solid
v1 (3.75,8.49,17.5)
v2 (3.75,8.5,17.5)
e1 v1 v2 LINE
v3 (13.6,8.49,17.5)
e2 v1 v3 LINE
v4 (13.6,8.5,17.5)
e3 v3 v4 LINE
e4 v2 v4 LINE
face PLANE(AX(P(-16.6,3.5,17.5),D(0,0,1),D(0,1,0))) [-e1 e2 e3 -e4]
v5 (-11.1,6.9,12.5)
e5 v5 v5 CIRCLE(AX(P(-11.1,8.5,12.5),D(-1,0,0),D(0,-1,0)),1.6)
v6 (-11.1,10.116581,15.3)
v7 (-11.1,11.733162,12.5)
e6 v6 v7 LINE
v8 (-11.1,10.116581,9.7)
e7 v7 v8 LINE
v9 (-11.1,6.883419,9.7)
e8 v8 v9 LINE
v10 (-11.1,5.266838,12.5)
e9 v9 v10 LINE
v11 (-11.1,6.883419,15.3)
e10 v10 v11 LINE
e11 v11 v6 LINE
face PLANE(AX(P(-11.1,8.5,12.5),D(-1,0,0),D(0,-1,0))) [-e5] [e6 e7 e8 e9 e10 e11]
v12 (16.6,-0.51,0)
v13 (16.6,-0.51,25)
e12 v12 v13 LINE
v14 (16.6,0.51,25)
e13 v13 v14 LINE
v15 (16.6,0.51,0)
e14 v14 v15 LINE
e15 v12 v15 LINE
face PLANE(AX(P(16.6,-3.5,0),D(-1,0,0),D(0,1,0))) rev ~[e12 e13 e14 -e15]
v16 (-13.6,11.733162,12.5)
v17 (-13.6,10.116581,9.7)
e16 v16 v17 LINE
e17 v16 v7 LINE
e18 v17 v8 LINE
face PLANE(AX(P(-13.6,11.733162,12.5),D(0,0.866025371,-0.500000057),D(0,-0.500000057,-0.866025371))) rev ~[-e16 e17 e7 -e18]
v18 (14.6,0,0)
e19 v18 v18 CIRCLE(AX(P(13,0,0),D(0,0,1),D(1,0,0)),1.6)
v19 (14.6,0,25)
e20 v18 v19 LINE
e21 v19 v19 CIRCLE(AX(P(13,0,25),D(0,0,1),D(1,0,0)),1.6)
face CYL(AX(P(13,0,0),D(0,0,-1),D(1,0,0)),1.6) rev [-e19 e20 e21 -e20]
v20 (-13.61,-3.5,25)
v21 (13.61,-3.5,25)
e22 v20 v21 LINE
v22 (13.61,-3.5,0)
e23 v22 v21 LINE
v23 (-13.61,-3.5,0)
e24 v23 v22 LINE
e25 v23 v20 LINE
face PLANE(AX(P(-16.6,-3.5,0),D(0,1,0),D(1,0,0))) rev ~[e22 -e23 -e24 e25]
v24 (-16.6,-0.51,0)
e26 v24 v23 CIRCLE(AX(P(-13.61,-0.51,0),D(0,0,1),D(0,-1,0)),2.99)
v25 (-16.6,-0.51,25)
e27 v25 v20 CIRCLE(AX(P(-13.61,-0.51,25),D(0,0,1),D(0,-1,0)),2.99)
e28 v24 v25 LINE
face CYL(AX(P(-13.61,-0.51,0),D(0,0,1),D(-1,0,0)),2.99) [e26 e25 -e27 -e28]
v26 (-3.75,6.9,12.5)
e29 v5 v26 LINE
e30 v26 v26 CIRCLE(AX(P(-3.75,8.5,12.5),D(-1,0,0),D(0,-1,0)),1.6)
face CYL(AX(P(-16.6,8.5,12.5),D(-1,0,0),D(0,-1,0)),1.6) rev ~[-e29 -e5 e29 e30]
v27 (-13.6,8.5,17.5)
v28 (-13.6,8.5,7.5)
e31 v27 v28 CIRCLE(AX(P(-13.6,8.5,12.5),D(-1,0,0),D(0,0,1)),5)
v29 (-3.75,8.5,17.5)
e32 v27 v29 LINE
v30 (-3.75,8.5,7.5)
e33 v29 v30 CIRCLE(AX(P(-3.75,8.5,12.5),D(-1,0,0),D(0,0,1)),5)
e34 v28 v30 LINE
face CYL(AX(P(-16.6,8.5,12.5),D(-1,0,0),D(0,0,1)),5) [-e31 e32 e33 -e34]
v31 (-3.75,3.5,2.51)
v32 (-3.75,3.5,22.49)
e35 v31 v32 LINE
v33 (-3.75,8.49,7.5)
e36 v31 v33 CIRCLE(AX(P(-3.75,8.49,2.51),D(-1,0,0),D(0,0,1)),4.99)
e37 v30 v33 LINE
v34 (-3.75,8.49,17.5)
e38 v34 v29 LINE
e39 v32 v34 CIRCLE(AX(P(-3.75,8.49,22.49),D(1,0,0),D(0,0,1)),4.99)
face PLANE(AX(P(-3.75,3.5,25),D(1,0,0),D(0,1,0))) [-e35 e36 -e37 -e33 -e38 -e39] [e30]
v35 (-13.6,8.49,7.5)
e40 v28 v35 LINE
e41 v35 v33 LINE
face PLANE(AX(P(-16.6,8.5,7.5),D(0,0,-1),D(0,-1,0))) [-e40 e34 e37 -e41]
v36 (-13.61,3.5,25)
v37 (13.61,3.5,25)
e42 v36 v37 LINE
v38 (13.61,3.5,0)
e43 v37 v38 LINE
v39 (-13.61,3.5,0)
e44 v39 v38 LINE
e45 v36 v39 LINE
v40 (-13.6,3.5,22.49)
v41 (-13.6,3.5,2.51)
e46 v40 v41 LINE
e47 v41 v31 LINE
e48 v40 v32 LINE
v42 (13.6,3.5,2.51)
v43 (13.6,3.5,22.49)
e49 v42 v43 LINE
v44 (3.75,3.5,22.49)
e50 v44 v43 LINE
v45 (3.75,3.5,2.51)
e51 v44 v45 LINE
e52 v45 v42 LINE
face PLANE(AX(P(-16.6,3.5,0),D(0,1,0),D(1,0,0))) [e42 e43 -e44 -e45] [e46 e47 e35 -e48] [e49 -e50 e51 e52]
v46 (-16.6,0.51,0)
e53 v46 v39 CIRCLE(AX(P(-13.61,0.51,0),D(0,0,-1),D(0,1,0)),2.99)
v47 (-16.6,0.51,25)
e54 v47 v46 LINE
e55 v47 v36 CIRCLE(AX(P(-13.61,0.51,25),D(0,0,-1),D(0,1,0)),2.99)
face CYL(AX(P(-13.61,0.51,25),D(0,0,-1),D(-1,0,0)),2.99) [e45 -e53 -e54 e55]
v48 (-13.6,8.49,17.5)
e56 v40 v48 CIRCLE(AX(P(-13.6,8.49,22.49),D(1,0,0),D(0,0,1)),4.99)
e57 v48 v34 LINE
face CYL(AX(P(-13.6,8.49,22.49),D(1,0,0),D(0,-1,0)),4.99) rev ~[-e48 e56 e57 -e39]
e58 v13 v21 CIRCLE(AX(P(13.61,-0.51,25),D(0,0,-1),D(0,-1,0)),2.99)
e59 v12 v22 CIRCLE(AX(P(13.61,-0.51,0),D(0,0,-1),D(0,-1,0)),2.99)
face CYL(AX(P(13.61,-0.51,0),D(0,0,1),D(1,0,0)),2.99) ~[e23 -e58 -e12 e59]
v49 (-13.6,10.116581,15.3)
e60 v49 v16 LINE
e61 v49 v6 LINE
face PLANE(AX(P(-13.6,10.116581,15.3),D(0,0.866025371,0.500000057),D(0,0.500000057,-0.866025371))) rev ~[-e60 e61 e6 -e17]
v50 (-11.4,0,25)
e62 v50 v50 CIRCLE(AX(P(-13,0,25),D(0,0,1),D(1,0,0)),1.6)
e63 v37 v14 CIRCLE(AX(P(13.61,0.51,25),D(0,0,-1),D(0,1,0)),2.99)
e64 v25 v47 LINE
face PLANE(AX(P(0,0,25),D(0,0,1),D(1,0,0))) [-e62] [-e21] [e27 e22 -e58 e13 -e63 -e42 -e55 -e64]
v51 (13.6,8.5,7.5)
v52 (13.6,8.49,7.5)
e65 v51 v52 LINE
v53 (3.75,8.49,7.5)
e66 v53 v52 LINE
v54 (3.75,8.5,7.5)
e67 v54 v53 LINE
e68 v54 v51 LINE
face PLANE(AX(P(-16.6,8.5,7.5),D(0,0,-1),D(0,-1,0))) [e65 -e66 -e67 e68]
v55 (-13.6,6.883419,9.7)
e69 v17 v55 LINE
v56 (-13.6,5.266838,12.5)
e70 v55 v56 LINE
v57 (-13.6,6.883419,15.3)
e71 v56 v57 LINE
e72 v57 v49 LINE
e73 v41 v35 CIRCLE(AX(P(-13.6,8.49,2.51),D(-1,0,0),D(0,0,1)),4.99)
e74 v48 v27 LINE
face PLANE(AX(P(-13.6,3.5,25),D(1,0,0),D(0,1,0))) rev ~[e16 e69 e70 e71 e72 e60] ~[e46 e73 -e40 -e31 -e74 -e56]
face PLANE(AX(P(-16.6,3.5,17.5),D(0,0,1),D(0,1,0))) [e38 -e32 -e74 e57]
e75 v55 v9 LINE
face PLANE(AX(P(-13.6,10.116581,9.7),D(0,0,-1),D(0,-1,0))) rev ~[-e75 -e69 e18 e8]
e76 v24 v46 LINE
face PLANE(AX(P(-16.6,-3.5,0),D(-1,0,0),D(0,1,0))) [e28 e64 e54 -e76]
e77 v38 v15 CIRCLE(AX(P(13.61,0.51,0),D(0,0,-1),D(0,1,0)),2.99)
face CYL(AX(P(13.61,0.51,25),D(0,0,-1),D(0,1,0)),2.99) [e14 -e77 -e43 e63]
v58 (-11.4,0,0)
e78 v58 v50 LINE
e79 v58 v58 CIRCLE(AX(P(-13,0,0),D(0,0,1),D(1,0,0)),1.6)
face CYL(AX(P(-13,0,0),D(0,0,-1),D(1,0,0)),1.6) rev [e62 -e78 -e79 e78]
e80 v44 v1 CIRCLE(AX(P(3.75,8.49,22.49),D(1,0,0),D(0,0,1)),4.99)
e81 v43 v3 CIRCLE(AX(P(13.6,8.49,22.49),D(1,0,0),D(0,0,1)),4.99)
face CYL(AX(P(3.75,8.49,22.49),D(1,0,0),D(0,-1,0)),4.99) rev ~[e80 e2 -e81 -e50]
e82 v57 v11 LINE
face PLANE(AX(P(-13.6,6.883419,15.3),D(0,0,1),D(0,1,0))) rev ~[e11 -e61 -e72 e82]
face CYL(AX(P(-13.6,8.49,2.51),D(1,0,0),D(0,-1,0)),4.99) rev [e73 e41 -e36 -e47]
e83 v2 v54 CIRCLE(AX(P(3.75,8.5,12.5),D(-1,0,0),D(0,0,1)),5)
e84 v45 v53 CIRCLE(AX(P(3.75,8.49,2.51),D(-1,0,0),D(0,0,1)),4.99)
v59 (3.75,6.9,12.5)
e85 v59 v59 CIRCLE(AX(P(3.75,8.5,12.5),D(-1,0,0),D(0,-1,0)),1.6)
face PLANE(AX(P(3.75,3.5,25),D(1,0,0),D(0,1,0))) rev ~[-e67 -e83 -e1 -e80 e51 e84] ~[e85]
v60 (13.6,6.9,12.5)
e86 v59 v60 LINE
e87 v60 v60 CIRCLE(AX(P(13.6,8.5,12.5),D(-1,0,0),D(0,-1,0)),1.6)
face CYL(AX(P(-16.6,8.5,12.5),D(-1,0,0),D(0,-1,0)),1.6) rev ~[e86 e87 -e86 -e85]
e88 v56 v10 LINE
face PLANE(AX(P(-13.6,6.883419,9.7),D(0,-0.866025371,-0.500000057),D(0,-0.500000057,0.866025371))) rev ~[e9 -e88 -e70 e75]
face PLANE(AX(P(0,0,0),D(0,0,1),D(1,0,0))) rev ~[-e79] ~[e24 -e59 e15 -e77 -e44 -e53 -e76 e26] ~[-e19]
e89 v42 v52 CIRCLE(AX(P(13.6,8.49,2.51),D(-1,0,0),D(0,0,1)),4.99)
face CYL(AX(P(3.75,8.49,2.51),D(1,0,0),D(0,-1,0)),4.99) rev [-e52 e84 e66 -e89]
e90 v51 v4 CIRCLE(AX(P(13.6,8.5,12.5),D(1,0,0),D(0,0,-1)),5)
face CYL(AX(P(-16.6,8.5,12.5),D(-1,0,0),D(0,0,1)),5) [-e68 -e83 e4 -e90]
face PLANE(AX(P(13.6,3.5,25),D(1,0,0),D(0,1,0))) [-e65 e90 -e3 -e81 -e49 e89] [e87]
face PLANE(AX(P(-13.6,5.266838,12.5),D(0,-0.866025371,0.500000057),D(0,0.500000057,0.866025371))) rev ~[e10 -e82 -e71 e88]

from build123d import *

# Parameters (mm, degrees)
SKETCH_W        = 33.2
SKETCH_H        = 7
SKETCH_R        = 1.6
PAD_DEPTH       = 25
SKETCH001_R     = 1.6
PAD001_DEPTH    = 33.2
SKETCH002_W     = 7.5
SKETCH002_H     = 10
SKETCH002_W_2   = 3
POCKET_DEPTH    = 25.001
FILLET_R        = 2.99
FILLET001_R     = 4.99
POCKET001_DEPTH = 2.5


with BuildPart() as part:
    # Sketch → Pad (new body)
    with BuildSketch(Plane.XY):
        Rectangle(SKETCH_W, SKETCH_H)
        with Locations((-13, 0)):
            Circle(SKETCH_R, mode=Mode.SUBTRACT)
        with Locations((13, 0)):
            Circle(SKETCH_R, mode=Mode.SUBTRACT)
    extrude(amount=PAD_DEPTH)

    # Sketch001 (on Face4 of Pad) → Pad001 (join)
    with BuildSketch(Plane(origin=(-16.6, 0, 0), x_dir=(0, -1, 0), z_dir=(-1, 0, 0))):
        with BuildLine():
            Line((-3.5, 17.5), (-3.5, 7.5))
            Line((-8.5, 7.5), (-3.5, 7.5))
            ThreePointArc((-8.5, 17.5), (-13.5, 12.5), (-8.5, 7.5))
            Line((-3.5, 17.5), (-8.5, 17.5))
        make_face()
        with Locations((-8.5, 12.5)):
            Circle(SKETCH001_R, mode=Mode.SUBTRACT)
    extrude(amount=-PAD001_DEPTH)

    # Sketch002 (on Face11 of Pad001) → Pocket (cut, through all)
    with BuildSketch(Plane.XY.offset(25)):
        with Locations((0, 8.5)):
            Rectangle(SKETCH002_W, SKETCH002_H)
        with Locations((-15.1, 8.5)):
            Rectangle(SKETCH002_W_2, SKETCH002_H)
        with Locations((15.1, 8.5)):
            Rectangle(SKETCH002_W_2, SKETCH002_H)
    extrude(amount=-POCKET_DEPTH, mode=Mode.SUBTRACT)

    # Fillet
    fillet_edges = [part.edges().sort_by_distance(p)[0] for p in [
        (-16.6, 3.5, 12.5),
        (-16.6, -3.5, 12.5),
        (16.6, -3.5, 12.5),
        (16.6, 3.5, 12.5),
    ]]
    fillet(fillet_edges, radius=FILLET_R)

    # Fillet001
    fillet001_edges = [part.edges().sort_by_distance(p)[0] for p in [
        (8.675, 3.5, 17.5),
        (-8.675, 3.5, 17.5),
        (8.675, 3.5, 7.5),
        (-8.675, 3.5, 7.5),
    ]]
    fillet(fillet001_edges, radius=FILLET001_R)

    # Sketch003 (on Face2 of Fillet001) → Pocket001 (cut)
    with BuildSketch(Plane(origin=(-13.6, 0, 0), x_dir=(0, -1, 0), z_dir=(-1, 0, 0))):
        Polygon((-5.266838, 12.5), (-6.883419, 15.3), (-10.116581, 15.3), (-11.733162, 12.5), (-10.116581, 9.7), (-6.883419, 9.7), align=None)
    extrude(amount=-POCKET001_DEPTH, mode=Mode.SUBTRACT)


solid = part.part
